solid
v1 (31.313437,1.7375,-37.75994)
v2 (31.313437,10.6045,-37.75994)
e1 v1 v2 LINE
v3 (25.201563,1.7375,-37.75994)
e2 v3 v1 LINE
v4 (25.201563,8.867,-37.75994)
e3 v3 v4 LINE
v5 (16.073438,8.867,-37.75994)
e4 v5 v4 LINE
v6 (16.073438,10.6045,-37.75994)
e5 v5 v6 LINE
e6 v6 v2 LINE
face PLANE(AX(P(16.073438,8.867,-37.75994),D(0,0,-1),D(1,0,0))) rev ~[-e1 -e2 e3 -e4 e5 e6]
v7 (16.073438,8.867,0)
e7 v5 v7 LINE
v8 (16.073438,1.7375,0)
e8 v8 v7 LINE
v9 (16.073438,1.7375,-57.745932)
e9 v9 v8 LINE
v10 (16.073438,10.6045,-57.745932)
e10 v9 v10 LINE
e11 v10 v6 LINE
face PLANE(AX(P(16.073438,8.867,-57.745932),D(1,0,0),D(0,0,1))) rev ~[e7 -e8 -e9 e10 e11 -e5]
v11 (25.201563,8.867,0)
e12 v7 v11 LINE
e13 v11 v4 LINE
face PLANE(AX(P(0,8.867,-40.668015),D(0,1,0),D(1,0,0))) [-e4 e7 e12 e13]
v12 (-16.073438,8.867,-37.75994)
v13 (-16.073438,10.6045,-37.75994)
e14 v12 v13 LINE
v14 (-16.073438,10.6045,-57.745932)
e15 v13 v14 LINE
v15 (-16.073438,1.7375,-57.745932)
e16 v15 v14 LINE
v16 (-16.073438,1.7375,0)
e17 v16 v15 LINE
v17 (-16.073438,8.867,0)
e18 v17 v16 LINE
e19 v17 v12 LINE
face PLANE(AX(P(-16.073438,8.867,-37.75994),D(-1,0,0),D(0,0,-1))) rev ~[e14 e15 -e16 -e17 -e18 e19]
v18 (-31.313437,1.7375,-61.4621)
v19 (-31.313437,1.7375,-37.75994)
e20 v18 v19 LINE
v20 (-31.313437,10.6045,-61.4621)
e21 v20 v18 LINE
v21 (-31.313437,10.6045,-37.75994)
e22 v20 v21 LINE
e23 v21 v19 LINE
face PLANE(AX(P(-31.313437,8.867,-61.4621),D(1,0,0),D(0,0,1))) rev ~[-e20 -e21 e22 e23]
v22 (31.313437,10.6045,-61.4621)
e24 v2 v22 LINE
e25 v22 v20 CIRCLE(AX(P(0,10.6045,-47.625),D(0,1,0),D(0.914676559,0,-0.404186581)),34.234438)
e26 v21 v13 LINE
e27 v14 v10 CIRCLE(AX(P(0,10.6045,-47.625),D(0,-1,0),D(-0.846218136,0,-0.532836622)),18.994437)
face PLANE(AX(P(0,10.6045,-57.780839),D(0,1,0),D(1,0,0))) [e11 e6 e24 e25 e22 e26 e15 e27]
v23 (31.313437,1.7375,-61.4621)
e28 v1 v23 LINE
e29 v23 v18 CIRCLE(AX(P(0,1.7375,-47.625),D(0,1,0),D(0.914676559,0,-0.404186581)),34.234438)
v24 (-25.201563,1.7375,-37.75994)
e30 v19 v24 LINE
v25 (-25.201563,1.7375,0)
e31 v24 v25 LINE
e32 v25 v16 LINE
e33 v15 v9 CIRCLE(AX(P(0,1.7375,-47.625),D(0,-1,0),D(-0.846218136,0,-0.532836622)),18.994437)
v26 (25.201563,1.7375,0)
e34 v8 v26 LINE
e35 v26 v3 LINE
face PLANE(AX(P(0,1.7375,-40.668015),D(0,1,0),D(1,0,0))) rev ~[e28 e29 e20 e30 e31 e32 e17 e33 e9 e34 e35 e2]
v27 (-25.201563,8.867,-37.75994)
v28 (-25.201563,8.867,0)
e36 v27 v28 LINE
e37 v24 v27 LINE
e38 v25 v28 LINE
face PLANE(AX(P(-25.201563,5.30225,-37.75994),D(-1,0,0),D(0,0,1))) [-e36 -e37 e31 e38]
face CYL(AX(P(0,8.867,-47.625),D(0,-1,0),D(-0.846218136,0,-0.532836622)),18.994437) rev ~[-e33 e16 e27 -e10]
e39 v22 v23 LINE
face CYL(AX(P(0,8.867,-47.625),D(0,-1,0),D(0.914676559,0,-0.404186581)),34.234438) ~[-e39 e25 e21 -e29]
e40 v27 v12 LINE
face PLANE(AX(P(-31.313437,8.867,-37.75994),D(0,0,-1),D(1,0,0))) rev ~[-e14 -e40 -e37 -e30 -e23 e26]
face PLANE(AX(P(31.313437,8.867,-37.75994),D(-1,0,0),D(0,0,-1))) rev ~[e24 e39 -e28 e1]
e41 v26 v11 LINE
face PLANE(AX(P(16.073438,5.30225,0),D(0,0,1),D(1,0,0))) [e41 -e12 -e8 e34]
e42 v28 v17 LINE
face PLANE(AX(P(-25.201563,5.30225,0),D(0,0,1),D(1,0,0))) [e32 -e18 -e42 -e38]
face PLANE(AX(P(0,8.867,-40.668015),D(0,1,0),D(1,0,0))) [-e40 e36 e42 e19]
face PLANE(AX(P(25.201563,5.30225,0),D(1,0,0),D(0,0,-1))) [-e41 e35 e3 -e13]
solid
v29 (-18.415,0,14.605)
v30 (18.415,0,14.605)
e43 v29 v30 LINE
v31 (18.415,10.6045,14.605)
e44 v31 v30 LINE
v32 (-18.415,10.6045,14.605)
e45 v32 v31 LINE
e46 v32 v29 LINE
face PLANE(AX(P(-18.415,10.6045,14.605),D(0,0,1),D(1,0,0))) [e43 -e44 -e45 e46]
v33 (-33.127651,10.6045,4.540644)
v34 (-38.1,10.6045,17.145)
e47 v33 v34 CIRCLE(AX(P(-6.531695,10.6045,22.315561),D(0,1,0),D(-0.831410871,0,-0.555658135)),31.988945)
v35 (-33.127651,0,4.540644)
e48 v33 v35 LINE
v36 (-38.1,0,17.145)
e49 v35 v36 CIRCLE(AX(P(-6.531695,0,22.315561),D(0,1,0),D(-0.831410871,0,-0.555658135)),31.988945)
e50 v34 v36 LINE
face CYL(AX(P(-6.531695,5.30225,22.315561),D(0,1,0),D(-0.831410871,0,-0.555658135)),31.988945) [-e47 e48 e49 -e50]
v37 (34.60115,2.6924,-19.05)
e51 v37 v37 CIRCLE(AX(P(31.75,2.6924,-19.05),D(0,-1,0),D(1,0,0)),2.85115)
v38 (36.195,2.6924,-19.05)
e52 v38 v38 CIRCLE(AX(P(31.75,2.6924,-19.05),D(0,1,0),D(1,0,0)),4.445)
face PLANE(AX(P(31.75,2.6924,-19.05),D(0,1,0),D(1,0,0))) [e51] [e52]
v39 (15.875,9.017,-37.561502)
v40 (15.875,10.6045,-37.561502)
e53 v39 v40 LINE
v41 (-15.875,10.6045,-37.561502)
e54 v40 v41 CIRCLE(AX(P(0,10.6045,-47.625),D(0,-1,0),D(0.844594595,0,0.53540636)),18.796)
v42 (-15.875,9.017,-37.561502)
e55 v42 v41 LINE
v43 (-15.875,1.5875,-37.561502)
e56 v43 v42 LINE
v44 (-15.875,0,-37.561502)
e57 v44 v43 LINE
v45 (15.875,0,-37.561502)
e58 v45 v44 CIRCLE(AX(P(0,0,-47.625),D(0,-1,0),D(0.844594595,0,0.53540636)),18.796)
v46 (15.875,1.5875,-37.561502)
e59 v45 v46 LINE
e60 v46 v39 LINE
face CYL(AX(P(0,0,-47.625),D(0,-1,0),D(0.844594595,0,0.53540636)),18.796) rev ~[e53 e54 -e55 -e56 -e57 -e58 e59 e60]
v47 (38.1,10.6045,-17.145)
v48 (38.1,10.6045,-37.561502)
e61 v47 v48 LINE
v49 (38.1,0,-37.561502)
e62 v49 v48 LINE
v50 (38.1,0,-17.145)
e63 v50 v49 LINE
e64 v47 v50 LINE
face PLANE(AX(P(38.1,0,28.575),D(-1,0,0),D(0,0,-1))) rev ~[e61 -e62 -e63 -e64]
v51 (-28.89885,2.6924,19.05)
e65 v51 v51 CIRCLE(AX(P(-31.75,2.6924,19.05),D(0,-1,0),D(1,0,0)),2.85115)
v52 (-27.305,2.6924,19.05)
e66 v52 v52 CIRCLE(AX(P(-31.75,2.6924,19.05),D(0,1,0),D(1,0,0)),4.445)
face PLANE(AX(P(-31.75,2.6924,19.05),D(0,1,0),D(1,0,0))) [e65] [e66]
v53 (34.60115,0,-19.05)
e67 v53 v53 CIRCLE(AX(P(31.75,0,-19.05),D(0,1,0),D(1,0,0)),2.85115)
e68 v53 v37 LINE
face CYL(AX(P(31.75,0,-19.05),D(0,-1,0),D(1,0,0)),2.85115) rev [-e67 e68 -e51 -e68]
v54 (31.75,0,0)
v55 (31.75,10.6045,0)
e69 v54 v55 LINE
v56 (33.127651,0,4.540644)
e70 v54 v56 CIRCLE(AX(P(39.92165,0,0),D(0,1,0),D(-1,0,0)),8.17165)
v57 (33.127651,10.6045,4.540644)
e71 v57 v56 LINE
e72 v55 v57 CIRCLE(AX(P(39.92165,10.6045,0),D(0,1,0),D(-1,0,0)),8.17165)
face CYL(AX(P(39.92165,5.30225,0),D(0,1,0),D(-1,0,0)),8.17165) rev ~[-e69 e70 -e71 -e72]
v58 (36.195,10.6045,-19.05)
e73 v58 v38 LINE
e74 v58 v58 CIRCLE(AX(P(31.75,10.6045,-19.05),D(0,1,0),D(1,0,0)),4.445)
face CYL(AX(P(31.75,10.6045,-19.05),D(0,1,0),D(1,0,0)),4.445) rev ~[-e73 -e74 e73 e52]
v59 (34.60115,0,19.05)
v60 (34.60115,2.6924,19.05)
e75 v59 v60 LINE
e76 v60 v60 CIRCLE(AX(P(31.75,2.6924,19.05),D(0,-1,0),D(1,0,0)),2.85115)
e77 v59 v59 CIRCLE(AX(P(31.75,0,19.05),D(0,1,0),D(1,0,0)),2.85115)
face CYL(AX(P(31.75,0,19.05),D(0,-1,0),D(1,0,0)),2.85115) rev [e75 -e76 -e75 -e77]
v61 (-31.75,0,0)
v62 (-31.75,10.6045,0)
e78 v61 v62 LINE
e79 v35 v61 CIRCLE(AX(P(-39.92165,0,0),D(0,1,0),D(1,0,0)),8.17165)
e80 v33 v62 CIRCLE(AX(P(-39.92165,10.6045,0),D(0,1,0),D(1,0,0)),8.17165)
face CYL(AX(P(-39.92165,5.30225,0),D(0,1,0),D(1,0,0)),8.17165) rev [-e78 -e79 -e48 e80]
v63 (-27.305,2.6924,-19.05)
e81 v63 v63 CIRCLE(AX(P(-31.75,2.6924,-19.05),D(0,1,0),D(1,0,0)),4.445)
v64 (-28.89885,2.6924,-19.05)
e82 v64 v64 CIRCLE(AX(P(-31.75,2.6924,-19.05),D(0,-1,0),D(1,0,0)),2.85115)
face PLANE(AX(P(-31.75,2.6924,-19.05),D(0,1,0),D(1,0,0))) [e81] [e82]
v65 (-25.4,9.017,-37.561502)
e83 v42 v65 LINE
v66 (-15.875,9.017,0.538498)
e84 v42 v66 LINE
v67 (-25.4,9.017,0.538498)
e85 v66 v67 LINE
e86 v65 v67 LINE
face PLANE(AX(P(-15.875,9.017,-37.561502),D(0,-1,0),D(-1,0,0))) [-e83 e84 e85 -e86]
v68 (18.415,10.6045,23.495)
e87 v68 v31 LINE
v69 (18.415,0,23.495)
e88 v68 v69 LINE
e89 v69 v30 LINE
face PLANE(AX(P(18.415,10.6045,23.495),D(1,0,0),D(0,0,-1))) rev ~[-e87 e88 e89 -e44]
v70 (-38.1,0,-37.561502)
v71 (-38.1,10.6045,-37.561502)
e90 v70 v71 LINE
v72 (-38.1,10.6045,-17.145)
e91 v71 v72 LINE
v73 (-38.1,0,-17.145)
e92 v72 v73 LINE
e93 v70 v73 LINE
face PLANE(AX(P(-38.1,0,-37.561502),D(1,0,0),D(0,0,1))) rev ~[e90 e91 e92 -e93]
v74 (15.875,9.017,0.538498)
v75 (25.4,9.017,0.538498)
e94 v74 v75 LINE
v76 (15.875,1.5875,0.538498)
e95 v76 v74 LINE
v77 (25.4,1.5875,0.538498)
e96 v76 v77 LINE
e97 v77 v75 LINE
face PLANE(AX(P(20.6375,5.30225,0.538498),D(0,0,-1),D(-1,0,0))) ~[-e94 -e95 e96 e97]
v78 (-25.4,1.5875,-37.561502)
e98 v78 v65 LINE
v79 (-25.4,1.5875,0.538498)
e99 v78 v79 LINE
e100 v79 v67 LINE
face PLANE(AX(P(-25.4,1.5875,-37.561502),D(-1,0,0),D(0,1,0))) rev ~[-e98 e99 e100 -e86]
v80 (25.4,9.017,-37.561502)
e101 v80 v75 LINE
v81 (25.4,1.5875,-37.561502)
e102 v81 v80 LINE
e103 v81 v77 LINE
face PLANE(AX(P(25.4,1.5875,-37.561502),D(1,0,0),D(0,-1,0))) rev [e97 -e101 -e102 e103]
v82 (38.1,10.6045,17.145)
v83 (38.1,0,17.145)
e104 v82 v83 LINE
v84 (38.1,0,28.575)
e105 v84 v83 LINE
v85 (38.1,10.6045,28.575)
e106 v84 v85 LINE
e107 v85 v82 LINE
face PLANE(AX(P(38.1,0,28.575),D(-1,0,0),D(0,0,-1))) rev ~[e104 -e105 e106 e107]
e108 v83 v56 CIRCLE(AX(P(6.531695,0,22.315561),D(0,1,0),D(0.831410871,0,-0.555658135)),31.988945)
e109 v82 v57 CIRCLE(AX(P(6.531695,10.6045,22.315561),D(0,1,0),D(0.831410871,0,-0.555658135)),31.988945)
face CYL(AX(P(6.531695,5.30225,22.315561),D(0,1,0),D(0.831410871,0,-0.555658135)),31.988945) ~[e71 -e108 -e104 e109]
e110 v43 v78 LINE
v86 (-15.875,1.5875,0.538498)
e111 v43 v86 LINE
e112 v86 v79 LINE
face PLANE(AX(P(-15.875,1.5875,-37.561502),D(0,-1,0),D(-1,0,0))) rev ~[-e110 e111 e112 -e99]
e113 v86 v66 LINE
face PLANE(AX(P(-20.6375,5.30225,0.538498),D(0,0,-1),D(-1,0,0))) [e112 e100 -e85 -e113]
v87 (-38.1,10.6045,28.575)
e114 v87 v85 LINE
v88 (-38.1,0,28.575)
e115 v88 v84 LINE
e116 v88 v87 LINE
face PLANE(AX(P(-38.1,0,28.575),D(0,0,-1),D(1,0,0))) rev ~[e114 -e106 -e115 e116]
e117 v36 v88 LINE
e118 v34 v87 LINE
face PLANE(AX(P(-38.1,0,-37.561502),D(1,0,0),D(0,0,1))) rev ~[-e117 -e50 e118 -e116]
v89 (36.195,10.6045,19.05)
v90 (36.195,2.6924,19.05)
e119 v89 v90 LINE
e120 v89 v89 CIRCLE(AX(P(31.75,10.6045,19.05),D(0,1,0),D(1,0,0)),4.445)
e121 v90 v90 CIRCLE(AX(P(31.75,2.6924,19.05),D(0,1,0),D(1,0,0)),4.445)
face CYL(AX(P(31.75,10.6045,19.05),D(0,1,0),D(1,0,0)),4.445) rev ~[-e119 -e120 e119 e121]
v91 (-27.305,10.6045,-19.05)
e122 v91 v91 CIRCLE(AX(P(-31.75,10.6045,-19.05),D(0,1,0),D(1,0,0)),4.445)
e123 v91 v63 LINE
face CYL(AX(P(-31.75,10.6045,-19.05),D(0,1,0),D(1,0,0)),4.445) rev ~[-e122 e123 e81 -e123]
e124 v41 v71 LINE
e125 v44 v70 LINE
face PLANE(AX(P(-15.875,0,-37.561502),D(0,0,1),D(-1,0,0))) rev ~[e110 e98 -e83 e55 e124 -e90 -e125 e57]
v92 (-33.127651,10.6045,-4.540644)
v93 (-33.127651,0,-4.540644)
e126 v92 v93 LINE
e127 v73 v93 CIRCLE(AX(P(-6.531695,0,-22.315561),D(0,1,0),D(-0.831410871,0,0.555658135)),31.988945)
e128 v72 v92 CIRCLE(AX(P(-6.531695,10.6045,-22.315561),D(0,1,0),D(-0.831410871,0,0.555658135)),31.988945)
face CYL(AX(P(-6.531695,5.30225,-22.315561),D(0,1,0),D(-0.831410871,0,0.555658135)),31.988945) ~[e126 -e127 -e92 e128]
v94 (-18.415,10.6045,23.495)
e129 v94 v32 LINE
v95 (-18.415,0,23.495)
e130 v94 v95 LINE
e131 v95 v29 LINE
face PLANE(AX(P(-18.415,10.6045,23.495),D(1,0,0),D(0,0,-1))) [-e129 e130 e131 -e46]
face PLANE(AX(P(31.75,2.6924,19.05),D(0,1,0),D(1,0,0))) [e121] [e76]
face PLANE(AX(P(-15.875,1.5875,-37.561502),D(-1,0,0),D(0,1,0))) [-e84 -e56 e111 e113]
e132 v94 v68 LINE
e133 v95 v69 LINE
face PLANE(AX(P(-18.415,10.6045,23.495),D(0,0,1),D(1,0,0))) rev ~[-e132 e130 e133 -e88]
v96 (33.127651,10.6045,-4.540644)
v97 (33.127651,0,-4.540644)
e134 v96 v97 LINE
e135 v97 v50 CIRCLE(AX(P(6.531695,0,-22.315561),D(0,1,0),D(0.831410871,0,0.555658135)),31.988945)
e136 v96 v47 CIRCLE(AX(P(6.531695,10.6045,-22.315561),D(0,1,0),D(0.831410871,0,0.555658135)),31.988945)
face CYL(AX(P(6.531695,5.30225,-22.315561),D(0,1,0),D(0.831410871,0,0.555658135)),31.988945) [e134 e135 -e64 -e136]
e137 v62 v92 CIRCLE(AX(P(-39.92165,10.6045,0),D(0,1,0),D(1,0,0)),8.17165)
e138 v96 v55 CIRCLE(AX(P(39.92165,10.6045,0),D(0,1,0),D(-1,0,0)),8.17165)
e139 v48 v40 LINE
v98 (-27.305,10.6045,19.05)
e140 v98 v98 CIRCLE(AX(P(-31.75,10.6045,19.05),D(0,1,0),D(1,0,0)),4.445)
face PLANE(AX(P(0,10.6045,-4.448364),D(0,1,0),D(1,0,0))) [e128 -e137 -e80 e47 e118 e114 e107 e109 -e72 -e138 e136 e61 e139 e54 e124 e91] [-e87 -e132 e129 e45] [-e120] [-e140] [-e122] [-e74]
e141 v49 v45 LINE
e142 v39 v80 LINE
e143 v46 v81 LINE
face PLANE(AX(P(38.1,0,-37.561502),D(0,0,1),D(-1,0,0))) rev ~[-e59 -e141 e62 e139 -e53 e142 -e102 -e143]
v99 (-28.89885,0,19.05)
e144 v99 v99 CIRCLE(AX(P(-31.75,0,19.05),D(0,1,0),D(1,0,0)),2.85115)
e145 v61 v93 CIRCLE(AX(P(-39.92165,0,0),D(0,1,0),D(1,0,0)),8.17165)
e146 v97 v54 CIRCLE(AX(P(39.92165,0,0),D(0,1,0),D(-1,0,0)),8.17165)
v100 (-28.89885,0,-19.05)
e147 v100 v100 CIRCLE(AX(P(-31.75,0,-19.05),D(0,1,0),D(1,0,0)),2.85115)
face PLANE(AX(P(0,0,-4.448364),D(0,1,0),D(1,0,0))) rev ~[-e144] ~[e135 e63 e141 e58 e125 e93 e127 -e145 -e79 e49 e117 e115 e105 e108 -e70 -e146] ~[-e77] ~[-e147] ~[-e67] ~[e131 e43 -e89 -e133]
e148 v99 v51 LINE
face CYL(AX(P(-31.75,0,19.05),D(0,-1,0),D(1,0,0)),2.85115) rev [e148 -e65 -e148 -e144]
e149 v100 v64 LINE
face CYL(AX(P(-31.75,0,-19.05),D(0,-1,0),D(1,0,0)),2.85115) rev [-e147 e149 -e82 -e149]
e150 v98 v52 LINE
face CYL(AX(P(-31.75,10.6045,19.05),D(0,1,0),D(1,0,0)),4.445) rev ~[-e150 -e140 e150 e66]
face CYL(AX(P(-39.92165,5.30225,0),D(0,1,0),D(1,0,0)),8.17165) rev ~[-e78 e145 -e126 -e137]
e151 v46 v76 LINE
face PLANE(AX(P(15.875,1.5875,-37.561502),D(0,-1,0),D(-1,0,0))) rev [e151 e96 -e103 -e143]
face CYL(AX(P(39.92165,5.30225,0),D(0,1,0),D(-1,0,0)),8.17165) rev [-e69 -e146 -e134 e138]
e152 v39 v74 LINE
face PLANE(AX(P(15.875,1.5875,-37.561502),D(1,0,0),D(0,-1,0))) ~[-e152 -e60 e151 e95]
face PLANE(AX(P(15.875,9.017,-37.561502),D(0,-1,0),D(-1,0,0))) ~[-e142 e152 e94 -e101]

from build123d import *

# Parameters (mm, degrees)
SKETCH1_R            = 2.85115
BOSS_EXTRUDE1_DEPTH  = 10.6045
SKETCH2_R            = 4.445
CUT_EXTRUDE1_DEPTH   = 7.9121
SKETCH3_W            = 9.525
SKETCH3_H            = 7.4295
CUT_EXTRUDE2_DEPTH   = 38.1
CUT_EXTRUDE7_DEPTH   = 5.715
BOSS_EXTRUDE3_DEPTH  = 3.5647503
SKETCH13_W           = 36.83
SKETCH13_H           = 8.89
CUT_EXTRUDE10_DEPTH  = 11.6045
MIRROR6_COPY_1_DEPTH = 5.715
BOSS_EXTRUDE5_DEPTH  = 1.7375


with BuildPart() as part:
    # Sketch1 → Boss-Extrude1 (new body)
    with BuildSketch(Plane(origin=(0, 0, 0), x_dir=(1, 0, 0), z_dir=(0, 1, 0))):
        with BuildLine():
            Line((-38.1, -28.575), (38.1, -28.575))
            Line((38.1, -28.575), (38.1, 37.561502049))
            Line((38.1, 37.561502049), (15.875, 37.561502049))
            ThreePointArc((15.875, 37.561502049), (0, 28.829), (-15.875, 37.561502049))
            Line((-15.875, 37.561502049), (-38.1, 37.561502049))
            Line((-38.1, 37.561502049), (-38.1, -28.575))
        make_face()
        with Locations((-31.75, 19.05)):
            Circle(SKETCH1_R, mode=Mode.SUBTRACT)
        with Locations((31.75, 19.05)):
            Circle(SKETCH1_R, mode=Mode.SUBTRACT)
        with Locations((31.75, -19.05)):
            Circle(SKETCH1_R, mode=Mode.SUBTRACT)
        with Locations((-31.75, -19.05)):
            Circle(SKETCH1_R, mode=Mode.SUBTRACT)
    extrude(amount=BOSS_EXTRUDE1_DEPTH)

    # Sketch2 → Cut-Extrude1 (cut)
    with BuildSketch(Plane(origin=(0, 10.6045, 0), x_dir=(1, 0, 0), z_dir=(0, 1, 0))):
        with Locations((-31.75, 19.05)):
            Circle(SKETCH2_R)
        with Locations((31.75, 19.05)):
            Circle(SKETCH2_R)
        with Locations((31.75, -19.05)):
            Circle(SKETCH2_R)
        with Locations((-31.75, -19.05)):
            Circle(SKETCH2_R)
    extrude(amount=-CUT_EXTRUDE1_DEPTH, mode=Mode.SUBTRACT)

    # Sketch3 → Cut-Extrude2 (cut)
    with BuildSketch(Plane(origin=(0, 0, -37.561502049), x_dir=(-1, 0, 0), z_dir=(0, 0, -1))):
        with Locations((20.6375, 5.30225)):
            Rectangle(SKETCH3_W, SKETCH3_H)
    cut_extrude2 = extrude(amount=-CUT_EXTRUDE2_DEPTH, mode=Mode.SUBTRACT)

    # Mirror1: Cut-Extrude2 across plane
    add(cut_extrude2.mirror(Plane(origin=(0, 0, 0), x_dir=(0, 0, 1), z_dir=(1, 0, 0))), mode=Mode.SUBTRACT)

    # Sketch7 → Cut-Extrude7 (cut, symmetric)
    with BuildSketch(Plane(origin=(0, 5.30225, 0), x_dir=(1, 0, 0), z_dir=(0, 1, 0))):
        with BuildLine():
            Line((-38.1, 17.145), (-38.1, 0))
            Line((-38.1, 0), (-31.75, 0))
            ThreePointArc((-31.75, 0), (-32.10199393, 2.372518284), (-33.127651434, 4.540644068))
            ThreePointArc((-33.127651434, 4.540644068), (-36.288841608, 10.576532006), (-38.1, 17.145))
        make_face()
    cut_extrude7 = extrude(amount=CUT_EXTRUDE7_DEPTH, both=True, mode=Mode.SUBTRACT)

    # Mirror4: Cut-Extrude7 across plane
    add(cut_extrude7.mirror(Plane(origin=(0, 0, 0), x_dir=(0, 0, 1), z_dir=(1, 0, 0))), mode=Mode.SUBTRACT)

    # Sketch13 → Cut-Extrude10 (cut, through all)
    with BuildSketch(Plane(origin=(0, 10.6045, 0), x_dir=(1, 0, 0), z_dir=(0, 1, 0))):
        with Locations((0, -19.05)):
            Rectangle(SKETCH13_W, SKETCH13_H)
    extrude(amount=-CUT_EXTRUDE10_DEPTH, mode=Mode.SUBTRACT)

    # Mirror6: Cut-Extrude7 across plane
    add(cut_extrude7.mirror(Plane.XY), mode=Mode.SUBTRACT)

    # Mirror6 copy 1 sketch → Mirror6 copy 1 (cut, symmetric)
    with BuildSketch(Plane(origin=(0, 5.30225, 0), x_dir=(-1, 0, 0), z_dir=(0, 1, 0))):
        with BuildLine():
            Line((-38.1, 17.145), (-38.1, 0))
            Line((-38.1, 0), (-31.75, 0))
            ThreePointArc((-31.75, 0), (-32.10199393, 2.372518284), (-33.127651434, 4.540644068))
            ThreePointArc((-33.127651434, 4.540644068), (-36.288841608, 10.576532006), (-38.1, 17.145))
        make_face()
    extrude(amount=MIRROR6_COPY_1_DEPTH, both=True, mode=Mode.SUBTRACT)


with BuildPart() as body_2:
    # Sketch8 → Boss-Extrude3 (new body, symmetric)
    with BuildSketch(Plane(origin=(0, 5.30225, 0), x_dir=(1, 0, 0), z_dir=(0, 1, 0))):
        with BuildLine():
            Line((16.0734375, 57.745931917), (16.0734375, 37.759939549))
            Line((16.0734375, 37.759939549), (16.0734375, 0))
            Line((16.0734375, 0), (25.2015625, 0))
            Line((25.2015625, 0), (25.2015625, 37.759939549))
            Line((25.2015625, 37.759939549), (31.3134375, 37.759939549))
            Line((31.3134375, 37.759939549), (31.3134375, 61.462100234))
            ThreePointArc((31.3134375, 61.462100234), (0, 81.8594375), (-31.3134375, 61.462100234))
            Line((-31.3134375, 61.462100234), (-31.3134375, 37.759939549))
            Line((-31.3134375, 37.759939549), (-25.2015625, 37.759939549))
            Line((-25.2015625, 37.759939549), (-25.2015625, 0))
            Line((-25.2015625, 0), (-16.0734375, 0))
            Line((-16.0734375, 0), (-16.0734375, 37.759939549))
            Line((-16.0734375, 37.759939549), (-16.0734375, 57.745931917))
            ThreePointArc((-16.0734375, 57.745931917), (0, 66.6194375), (16.0734375, 57.745931917))
        make_face()
    extrude(amount=BOSS_EXTRUDE3_DEPTH, both=True)

    # Sketch18 → Boss-Extrude5 (add)
    with BuildSketch(Plane(origin=(0, 8.8670003, 0), x_dir=(1, 0, 0), z_dir=(0, 1, 0))):
        with BuildLine():
            Line((-31.3134375, 37.759939549), (-16.0734375, 37.759939549))
            Line((-16.0734375, 37.759939549), (-16.0734375, 57.745931917))
            ThreePointArc((-16.0734375, 57.745931917), (0, 66.6194375), (16.0734375, 57.745931917))
            Line((16.0734375, 57.745931917), (16.0734375, 37.759939549))
            Line((16.0734375, 37.759939549), (31.3134375, 37.759939549))
            Line((31.3134375, 37.759939549), (31.3134375, 61.462100234))
            ThreePointArc((31.3134375, 61.462100234), (0, 81.8594375), (-31.3134375, 61.462100234))
            Line((-31.3134375, 61.462100234), (-31.3134375, 37.759939549))
        make_face()
    extrude(amount=BOSS_EXTRUDE5_DEPTH)


solid = Compound([part.part, body_2.part])
